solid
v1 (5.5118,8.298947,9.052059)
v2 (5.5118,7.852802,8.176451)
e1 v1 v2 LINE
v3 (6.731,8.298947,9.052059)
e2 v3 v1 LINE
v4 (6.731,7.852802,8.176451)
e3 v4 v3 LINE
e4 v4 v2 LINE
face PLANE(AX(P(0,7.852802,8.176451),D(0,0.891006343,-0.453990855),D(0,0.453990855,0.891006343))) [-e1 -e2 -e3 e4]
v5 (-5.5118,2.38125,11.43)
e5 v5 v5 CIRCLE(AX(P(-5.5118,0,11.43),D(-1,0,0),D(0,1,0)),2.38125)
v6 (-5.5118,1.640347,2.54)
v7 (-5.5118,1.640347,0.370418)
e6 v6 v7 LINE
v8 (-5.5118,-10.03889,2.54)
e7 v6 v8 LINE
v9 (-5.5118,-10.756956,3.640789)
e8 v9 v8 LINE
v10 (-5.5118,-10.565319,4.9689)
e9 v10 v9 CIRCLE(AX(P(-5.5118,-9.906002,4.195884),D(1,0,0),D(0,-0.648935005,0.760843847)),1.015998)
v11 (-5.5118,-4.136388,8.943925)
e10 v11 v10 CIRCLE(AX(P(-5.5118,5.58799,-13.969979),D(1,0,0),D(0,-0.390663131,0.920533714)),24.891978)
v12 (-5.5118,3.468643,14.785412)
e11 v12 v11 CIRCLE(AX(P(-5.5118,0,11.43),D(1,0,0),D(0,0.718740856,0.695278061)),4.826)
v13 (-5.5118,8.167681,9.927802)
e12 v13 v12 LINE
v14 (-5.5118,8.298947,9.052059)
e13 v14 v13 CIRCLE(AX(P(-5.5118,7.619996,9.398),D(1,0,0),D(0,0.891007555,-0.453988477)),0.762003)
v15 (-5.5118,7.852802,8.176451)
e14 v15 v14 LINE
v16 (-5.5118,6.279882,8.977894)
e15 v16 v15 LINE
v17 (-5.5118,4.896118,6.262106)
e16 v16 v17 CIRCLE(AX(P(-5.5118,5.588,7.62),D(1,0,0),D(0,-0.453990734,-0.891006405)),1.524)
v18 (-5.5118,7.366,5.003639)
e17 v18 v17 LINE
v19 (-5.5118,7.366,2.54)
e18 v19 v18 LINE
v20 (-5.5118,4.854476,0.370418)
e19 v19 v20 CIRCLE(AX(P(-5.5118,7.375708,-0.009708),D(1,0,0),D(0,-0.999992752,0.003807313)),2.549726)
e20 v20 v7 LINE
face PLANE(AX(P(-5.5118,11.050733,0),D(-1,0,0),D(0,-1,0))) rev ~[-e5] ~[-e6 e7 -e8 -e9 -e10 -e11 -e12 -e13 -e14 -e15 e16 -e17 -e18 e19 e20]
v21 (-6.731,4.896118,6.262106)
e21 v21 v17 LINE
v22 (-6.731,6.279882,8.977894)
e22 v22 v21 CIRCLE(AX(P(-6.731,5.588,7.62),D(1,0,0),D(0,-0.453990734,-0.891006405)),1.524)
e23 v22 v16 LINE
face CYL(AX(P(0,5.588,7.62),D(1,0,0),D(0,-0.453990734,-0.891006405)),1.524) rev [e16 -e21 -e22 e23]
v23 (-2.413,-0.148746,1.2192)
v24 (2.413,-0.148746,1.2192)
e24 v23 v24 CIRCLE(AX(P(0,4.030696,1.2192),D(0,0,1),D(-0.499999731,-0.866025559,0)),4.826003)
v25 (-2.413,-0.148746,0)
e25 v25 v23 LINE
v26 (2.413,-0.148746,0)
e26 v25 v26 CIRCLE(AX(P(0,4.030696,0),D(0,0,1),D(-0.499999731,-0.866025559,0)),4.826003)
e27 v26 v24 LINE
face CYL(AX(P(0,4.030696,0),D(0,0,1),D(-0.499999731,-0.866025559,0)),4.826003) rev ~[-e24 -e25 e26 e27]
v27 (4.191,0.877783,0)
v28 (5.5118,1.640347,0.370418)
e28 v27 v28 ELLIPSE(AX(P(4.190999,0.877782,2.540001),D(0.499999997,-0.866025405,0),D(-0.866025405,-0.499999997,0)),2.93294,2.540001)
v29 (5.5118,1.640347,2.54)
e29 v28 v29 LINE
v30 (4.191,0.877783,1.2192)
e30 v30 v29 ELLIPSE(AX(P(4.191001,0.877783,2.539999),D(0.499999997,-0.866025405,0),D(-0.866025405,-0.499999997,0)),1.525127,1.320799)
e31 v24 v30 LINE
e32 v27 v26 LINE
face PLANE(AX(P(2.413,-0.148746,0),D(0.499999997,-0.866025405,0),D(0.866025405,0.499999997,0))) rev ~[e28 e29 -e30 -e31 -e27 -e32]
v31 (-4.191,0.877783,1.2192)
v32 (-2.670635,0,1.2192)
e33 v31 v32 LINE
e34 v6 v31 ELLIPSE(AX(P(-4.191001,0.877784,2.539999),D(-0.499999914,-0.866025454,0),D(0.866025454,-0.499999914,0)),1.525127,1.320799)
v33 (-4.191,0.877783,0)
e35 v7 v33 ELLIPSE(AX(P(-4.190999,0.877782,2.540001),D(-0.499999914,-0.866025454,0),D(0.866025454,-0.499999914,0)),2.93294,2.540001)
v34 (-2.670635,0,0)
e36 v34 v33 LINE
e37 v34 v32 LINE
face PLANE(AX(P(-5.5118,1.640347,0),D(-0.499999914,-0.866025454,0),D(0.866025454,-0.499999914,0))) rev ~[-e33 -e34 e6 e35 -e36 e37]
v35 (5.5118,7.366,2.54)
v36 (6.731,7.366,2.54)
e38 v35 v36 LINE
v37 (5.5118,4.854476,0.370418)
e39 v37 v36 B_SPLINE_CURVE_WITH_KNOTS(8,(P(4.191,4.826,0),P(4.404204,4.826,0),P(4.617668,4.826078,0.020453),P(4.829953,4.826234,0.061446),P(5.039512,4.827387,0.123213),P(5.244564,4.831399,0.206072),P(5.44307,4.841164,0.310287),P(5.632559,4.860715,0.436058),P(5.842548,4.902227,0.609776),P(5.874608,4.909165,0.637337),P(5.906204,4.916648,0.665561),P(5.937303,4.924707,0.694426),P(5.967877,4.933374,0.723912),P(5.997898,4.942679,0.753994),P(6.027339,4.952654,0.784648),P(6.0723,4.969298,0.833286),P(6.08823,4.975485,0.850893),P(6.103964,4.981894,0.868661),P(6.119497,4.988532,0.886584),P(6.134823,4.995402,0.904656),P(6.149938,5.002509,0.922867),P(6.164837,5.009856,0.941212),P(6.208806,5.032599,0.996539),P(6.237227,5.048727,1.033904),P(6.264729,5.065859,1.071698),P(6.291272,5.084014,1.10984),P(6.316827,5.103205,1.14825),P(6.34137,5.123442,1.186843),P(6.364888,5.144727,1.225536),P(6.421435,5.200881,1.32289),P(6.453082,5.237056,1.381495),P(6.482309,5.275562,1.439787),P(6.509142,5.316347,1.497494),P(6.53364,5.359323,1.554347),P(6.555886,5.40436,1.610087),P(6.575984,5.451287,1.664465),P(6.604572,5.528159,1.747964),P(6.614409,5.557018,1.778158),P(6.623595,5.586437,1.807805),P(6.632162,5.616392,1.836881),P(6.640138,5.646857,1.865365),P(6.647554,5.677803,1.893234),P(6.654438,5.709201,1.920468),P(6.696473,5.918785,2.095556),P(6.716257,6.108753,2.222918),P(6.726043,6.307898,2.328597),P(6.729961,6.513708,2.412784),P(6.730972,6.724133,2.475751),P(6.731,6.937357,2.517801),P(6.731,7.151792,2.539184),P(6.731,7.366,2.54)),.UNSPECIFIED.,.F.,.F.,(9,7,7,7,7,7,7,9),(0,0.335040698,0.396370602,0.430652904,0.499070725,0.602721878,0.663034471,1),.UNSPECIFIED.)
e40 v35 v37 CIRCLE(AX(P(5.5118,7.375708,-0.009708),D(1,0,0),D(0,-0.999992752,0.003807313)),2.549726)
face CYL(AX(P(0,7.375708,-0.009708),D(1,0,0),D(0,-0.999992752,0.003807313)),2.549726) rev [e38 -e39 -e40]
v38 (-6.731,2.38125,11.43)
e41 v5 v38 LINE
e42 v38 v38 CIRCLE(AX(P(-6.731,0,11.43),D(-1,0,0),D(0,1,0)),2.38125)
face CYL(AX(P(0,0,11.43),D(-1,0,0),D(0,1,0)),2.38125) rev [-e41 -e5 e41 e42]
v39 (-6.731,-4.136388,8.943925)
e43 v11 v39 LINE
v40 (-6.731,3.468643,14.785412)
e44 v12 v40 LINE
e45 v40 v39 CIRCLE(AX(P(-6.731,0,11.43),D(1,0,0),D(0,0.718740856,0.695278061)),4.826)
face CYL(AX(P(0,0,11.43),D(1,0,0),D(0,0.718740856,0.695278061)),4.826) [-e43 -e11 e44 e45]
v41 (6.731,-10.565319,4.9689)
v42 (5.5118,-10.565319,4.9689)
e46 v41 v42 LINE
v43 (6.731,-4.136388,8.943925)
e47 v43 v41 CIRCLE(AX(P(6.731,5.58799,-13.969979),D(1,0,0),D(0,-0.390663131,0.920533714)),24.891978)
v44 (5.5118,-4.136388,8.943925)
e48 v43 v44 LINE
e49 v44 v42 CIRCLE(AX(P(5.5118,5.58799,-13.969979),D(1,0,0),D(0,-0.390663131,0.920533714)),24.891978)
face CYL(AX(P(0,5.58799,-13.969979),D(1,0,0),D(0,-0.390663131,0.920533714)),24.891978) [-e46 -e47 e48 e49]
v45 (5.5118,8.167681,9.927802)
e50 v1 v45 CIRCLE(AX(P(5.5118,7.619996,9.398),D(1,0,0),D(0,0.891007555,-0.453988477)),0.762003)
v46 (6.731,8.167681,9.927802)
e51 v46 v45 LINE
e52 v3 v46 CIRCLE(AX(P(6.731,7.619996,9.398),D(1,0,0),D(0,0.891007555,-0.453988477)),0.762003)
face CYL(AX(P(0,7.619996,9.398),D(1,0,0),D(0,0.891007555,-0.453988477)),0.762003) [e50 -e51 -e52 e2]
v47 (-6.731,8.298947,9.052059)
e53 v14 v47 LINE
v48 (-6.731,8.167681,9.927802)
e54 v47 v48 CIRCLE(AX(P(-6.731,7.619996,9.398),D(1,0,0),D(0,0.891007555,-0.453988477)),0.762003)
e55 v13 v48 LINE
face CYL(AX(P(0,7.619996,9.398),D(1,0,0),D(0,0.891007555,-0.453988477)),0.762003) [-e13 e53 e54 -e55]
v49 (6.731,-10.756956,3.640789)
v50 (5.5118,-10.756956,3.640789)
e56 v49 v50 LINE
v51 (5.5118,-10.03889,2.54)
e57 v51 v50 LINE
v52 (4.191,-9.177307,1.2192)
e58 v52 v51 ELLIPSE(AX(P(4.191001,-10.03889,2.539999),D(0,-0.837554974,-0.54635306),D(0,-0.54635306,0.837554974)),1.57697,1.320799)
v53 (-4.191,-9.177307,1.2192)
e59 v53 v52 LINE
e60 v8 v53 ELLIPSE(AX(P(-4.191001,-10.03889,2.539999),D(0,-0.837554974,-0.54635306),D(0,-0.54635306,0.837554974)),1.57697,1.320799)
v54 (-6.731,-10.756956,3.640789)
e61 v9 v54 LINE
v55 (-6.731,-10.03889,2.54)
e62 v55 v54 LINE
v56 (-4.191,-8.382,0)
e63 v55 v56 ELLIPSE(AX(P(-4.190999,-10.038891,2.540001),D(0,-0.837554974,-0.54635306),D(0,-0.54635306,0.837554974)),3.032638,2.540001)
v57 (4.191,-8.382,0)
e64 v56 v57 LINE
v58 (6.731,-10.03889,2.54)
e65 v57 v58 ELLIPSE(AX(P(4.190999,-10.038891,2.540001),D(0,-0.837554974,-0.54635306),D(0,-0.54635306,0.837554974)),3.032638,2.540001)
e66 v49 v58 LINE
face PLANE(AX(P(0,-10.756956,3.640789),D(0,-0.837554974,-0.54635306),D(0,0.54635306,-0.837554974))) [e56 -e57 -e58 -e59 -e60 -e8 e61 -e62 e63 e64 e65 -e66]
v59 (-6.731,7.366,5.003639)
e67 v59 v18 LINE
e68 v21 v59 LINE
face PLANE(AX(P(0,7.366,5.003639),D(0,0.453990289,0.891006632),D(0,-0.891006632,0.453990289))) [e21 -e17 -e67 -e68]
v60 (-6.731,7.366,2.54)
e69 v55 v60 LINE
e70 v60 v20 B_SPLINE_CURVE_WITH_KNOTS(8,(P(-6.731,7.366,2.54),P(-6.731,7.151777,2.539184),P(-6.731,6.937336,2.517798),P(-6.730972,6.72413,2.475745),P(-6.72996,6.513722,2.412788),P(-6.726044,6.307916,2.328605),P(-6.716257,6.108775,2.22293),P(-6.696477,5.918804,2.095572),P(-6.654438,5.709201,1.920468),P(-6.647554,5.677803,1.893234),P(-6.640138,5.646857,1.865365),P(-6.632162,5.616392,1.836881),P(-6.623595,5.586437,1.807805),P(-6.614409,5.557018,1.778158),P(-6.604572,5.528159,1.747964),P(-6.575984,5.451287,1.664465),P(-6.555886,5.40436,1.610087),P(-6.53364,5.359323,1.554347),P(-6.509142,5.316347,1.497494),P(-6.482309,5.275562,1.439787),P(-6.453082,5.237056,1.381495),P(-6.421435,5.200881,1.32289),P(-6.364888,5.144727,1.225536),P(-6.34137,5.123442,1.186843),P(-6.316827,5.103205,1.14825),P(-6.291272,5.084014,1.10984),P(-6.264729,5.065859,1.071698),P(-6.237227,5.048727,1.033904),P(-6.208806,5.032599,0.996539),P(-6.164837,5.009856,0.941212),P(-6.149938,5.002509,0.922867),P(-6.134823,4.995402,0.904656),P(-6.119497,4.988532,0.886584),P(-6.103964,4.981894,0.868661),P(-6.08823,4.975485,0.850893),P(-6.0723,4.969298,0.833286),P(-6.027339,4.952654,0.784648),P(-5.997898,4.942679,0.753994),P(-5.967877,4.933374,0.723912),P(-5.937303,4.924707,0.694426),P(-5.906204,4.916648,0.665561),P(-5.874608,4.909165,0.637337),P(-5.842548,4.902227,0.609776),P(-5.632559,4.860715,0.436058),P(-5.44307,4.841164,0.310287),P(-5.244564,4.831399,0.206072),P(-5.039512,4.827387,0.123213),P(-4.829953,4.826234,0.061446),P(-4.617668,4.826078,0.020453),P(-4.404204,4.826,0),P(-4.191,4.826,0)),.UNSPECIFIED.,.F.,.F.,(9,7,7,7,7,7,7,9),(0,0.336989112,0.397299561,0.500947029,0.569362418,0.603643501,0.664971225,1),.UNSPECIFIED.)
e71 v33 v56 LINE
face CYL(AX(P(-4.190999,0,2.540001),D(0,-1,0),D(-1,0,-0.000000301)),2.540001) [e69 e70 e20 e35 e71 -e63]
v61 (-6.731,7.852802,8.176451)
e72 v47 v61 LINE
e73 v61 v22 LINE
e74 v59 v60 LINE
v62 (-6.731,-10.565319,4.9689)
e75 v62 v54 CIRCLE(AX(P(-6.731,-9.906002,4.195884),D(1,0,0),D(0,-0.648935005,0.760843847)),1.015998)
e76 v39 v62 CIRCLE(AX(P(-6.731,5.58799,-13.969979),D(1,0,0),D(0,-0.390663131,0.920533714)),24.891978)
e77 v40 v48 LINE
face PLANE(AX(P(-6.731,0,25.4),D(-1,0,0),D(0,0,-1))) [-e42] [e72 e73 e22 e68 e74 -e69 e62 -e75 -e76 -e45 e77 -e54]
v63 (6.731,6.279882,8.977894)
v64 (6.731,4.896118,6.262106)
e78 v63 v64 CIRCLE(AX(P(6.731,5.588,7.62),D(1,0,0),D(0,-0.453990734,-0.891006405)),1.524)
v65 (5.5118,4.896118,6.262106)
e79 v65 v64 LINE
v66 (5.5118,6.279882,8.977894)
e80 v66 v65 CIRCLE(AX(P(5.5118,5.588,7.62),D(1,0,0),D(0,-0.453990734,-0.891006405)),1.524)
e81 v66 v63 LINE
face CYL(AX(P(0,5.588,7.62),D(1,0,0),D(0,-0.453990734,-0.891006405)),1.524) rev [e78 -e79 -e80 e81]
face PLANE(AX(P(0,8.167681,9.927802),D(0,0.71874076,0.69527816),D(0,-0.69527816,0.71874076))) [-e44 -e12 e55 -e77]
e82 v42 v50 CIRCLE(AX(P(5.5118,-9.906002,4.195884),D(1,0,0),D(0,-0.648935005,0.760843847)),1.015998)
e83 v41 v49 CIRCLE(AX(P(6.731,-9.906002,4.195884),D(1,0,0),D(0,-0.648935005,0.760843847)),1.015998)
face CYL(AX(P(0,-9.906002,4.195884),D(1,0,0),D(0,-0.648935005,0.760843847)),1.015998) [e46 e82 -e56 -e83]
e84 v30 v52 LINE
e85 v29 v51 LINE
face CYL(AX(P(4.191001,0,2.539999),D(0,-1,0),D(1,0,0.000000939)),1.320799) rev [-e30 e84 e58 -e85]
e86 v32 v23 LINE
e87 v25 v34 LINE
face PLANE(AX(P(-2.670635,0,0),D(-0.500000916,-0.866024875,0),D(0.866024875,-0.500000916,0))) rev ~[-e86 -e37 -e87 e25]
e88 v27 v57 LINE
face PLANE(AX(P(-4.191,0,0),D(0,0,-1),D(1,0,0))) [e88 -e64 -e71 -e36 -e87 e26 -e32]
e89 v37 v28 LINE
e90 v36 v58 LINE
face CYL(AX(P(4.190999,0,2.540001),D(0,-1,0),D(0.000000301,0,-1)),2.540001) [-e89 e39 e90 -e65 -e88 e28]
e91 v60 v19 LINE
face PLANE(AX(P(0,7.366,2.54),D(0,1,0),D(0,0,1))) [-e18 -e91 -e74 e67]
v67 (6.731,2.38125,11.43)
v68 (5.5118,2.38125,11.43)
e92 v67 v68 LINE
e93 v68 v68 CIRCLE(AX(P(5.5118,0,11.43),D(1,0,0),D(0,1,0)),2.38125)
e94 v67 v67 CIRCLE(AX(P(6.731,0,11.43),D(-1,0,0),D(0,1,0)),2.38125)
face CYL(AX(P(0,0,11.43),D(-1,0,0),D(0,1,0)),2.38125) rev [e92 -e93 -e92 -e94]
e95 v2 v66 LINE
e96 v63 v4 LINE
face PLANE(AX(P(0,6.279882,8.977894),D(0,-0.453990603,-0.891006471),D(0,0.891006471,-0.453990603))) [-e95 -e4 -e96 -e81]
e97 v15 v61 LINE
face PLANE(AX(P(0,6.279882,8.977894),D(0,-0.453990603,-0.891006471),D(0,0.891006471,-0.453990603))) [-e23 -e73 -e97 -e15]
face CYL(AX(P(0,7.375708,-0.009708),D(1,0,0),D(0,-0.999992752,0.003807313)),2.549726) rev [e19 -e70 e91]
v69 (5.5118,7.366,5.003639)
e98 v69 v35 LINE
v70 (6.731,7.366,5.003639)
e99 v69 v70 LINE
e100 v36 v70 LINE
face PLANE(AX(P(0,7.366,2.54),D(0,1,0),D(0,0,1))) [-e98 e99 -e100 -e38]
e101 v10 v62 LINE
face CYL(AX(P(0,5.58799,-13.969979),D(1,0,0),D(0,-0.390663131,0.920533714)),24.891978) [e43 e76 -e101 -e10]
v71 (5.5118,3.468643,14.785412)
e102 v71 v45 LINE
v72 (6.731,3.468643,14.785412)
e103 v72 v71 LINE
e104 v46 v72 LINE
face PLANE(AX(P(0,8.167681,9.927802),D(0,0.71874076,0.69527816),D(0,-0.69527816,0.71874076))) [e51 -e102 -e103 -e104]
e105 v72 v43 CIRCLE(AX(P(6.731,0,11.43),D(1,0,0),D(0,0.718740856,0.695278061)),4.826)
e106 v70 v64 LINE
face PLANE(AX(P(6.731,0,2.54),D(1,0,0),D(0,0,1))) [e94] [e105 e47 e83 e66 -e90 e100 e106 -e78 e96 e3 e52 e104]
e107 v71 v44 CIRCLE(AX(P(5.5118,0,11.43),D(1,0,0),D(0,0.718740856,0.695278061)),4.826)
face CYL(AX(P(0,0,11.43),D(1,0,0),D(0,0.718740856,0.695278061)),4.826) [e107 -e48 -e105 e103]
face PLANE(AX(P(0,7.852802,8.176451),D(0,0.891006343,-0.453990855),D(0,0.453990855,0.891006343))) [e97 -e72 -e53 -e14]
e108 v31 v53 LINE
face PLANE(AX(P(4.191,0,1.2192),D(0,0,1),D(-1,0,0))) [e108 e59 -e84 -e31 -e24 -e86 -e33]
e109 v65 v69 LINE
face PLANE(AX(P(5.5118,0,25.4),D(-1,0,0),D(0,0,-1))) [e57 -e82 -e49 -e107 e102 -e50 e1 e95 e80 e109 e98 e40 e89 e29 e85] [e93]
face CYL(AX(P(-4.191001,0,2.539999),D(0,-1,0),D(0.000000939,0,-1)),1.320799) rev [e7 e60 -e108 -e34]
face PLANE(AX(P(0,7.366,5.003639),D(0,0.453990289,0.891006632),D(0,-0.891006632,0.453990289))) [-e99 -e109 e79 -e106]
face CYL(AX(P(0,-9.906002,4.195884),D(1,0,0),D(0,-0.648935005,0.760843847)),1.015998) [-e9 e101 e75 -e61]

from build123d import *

# Parameters (mm, degrees)
F1_DEPTH = 12.7
F2_R     = 2.38125
F3_DEPTH = 25.4
F5_DEPTH = 12.7


with BuildPart() as f1:
    # F0 (on Front) → F1 (new body, symmetric)
    with BuildSketch(Plane.XZ):
        with BuildLine():
            ThreePointArc((-6.731, 2.54), (-5.987051, 0.743949), (-4.191, 0))
            Line((-4.191, 0), (4.191, 0))
            ThreePointArc((4.191, 0), (5.987051, 0.743949), (6.731, 2.54))
            Line((6.731, 2.54), (6.731, 25.4))
            Line((6.731, 25.4), (5.5118, 25.4))
            Line((5.5118, 25.4), (5.5118, 2.54))
            ThreePointArc((5.5118, 2.54), (5.124947, 1.606053), (4.191, 1.2192))
            Line((4.191, 1.2192), (-4.191, 1.2192))
            ThreePointArc((-4.191, 1.2192), (-5.124947, 1.606053), (-5.5118, 2.54))
            Line((-5.5118, 2.54), (-5.5118, 25.4))
            Line((-5.5118, 25.4), (-6.731, 25.4))
            Line((-6.731, 25.4), (-6.731, 2.54))
        make_face()
    extrude(amount=F1_DEPTH, both=True)

    # F2 (on Right) → F3 (intersect, symmetric)
    with BuildSketch(Plane.YZ):
        with BuildLine():
            Line((-10.756956, 3.640789), (-8.382, 0))
            Line((-8.382, 0), (4.826, 0))
            ThreePointArc((4.826, 0), (5.572779, 1.793221), (7.366, 2.54))
            Line((7.366, 2.54), (7.366, 5.003639))
            Line((7.366, 5.003639), (4.896118, 6.262106))
            ThreePointArc((4.896118, 6.262106), (4.230106, 8.311882), (6.279882, 8.977894))
            Line((6.279882, 8.977894), (7.852802, 8.176451))
            Line((7.852802, 8.176451), (8.298947, 9.052059))
            ThreePointArc((8.298947, 9.052059), (8.373581, 9.510956), (8.167681, 9.927802))
            Line((8.167681, 9.927802), (3.468643, 14.785412))
            ThreePointArc((3.468643, 14.785412), (-2.939764, 15.257279), (-4.136388, 8.943925))
            ThreePointArc((-4.136388, 8.943925), (-7.502613, 7.201857), (-10.565319, 4.9689))
            ThreePointArc((-10.565319, 4.9689), (-10.911586, 4.340983), (-10.756956, 3.640789))
        make_face()
        with Locations((0, 11.43)):
            Circle(F2_R, mode=Mode.SUBTRACT)
    extrude(amount=F3_DEPTH, both=True, mode=Mode.INTERSECT)

    # F4 (on Top) → F5 (cut, symmetric)
    with BuildSketch(Plane.XY):
        with BuildLine():
            Line((-5.5118, 3.468643), (-5.5118, 1.640347))
            Line((-5.5118, 1.640347), (-2.670635, 0))
            Line((-2.670635, 0), (-2.413, -0.148746))
            ThreePointArc((-2.413, -0.148746), (0, -0.795307), (2.413, -0.148746))
            Line((2.413, -0.148746), (5.5118, 1.640347))
            Line((5.5118, 1.640347), (5.5118, 3.468643))
            Line((5.5118, 3.468643), (5.5118, 11.050733))
            Line((5.5118, 11.050733), (-5.5118, 11.050733))
            Line((-5.5118, 11.050733), (-5.5118, 3.468643))
        make_face()
    extrude(amount=F5_DEPTH, both=True, mode=Mode.SUBTRACT)


solid = f1.part
